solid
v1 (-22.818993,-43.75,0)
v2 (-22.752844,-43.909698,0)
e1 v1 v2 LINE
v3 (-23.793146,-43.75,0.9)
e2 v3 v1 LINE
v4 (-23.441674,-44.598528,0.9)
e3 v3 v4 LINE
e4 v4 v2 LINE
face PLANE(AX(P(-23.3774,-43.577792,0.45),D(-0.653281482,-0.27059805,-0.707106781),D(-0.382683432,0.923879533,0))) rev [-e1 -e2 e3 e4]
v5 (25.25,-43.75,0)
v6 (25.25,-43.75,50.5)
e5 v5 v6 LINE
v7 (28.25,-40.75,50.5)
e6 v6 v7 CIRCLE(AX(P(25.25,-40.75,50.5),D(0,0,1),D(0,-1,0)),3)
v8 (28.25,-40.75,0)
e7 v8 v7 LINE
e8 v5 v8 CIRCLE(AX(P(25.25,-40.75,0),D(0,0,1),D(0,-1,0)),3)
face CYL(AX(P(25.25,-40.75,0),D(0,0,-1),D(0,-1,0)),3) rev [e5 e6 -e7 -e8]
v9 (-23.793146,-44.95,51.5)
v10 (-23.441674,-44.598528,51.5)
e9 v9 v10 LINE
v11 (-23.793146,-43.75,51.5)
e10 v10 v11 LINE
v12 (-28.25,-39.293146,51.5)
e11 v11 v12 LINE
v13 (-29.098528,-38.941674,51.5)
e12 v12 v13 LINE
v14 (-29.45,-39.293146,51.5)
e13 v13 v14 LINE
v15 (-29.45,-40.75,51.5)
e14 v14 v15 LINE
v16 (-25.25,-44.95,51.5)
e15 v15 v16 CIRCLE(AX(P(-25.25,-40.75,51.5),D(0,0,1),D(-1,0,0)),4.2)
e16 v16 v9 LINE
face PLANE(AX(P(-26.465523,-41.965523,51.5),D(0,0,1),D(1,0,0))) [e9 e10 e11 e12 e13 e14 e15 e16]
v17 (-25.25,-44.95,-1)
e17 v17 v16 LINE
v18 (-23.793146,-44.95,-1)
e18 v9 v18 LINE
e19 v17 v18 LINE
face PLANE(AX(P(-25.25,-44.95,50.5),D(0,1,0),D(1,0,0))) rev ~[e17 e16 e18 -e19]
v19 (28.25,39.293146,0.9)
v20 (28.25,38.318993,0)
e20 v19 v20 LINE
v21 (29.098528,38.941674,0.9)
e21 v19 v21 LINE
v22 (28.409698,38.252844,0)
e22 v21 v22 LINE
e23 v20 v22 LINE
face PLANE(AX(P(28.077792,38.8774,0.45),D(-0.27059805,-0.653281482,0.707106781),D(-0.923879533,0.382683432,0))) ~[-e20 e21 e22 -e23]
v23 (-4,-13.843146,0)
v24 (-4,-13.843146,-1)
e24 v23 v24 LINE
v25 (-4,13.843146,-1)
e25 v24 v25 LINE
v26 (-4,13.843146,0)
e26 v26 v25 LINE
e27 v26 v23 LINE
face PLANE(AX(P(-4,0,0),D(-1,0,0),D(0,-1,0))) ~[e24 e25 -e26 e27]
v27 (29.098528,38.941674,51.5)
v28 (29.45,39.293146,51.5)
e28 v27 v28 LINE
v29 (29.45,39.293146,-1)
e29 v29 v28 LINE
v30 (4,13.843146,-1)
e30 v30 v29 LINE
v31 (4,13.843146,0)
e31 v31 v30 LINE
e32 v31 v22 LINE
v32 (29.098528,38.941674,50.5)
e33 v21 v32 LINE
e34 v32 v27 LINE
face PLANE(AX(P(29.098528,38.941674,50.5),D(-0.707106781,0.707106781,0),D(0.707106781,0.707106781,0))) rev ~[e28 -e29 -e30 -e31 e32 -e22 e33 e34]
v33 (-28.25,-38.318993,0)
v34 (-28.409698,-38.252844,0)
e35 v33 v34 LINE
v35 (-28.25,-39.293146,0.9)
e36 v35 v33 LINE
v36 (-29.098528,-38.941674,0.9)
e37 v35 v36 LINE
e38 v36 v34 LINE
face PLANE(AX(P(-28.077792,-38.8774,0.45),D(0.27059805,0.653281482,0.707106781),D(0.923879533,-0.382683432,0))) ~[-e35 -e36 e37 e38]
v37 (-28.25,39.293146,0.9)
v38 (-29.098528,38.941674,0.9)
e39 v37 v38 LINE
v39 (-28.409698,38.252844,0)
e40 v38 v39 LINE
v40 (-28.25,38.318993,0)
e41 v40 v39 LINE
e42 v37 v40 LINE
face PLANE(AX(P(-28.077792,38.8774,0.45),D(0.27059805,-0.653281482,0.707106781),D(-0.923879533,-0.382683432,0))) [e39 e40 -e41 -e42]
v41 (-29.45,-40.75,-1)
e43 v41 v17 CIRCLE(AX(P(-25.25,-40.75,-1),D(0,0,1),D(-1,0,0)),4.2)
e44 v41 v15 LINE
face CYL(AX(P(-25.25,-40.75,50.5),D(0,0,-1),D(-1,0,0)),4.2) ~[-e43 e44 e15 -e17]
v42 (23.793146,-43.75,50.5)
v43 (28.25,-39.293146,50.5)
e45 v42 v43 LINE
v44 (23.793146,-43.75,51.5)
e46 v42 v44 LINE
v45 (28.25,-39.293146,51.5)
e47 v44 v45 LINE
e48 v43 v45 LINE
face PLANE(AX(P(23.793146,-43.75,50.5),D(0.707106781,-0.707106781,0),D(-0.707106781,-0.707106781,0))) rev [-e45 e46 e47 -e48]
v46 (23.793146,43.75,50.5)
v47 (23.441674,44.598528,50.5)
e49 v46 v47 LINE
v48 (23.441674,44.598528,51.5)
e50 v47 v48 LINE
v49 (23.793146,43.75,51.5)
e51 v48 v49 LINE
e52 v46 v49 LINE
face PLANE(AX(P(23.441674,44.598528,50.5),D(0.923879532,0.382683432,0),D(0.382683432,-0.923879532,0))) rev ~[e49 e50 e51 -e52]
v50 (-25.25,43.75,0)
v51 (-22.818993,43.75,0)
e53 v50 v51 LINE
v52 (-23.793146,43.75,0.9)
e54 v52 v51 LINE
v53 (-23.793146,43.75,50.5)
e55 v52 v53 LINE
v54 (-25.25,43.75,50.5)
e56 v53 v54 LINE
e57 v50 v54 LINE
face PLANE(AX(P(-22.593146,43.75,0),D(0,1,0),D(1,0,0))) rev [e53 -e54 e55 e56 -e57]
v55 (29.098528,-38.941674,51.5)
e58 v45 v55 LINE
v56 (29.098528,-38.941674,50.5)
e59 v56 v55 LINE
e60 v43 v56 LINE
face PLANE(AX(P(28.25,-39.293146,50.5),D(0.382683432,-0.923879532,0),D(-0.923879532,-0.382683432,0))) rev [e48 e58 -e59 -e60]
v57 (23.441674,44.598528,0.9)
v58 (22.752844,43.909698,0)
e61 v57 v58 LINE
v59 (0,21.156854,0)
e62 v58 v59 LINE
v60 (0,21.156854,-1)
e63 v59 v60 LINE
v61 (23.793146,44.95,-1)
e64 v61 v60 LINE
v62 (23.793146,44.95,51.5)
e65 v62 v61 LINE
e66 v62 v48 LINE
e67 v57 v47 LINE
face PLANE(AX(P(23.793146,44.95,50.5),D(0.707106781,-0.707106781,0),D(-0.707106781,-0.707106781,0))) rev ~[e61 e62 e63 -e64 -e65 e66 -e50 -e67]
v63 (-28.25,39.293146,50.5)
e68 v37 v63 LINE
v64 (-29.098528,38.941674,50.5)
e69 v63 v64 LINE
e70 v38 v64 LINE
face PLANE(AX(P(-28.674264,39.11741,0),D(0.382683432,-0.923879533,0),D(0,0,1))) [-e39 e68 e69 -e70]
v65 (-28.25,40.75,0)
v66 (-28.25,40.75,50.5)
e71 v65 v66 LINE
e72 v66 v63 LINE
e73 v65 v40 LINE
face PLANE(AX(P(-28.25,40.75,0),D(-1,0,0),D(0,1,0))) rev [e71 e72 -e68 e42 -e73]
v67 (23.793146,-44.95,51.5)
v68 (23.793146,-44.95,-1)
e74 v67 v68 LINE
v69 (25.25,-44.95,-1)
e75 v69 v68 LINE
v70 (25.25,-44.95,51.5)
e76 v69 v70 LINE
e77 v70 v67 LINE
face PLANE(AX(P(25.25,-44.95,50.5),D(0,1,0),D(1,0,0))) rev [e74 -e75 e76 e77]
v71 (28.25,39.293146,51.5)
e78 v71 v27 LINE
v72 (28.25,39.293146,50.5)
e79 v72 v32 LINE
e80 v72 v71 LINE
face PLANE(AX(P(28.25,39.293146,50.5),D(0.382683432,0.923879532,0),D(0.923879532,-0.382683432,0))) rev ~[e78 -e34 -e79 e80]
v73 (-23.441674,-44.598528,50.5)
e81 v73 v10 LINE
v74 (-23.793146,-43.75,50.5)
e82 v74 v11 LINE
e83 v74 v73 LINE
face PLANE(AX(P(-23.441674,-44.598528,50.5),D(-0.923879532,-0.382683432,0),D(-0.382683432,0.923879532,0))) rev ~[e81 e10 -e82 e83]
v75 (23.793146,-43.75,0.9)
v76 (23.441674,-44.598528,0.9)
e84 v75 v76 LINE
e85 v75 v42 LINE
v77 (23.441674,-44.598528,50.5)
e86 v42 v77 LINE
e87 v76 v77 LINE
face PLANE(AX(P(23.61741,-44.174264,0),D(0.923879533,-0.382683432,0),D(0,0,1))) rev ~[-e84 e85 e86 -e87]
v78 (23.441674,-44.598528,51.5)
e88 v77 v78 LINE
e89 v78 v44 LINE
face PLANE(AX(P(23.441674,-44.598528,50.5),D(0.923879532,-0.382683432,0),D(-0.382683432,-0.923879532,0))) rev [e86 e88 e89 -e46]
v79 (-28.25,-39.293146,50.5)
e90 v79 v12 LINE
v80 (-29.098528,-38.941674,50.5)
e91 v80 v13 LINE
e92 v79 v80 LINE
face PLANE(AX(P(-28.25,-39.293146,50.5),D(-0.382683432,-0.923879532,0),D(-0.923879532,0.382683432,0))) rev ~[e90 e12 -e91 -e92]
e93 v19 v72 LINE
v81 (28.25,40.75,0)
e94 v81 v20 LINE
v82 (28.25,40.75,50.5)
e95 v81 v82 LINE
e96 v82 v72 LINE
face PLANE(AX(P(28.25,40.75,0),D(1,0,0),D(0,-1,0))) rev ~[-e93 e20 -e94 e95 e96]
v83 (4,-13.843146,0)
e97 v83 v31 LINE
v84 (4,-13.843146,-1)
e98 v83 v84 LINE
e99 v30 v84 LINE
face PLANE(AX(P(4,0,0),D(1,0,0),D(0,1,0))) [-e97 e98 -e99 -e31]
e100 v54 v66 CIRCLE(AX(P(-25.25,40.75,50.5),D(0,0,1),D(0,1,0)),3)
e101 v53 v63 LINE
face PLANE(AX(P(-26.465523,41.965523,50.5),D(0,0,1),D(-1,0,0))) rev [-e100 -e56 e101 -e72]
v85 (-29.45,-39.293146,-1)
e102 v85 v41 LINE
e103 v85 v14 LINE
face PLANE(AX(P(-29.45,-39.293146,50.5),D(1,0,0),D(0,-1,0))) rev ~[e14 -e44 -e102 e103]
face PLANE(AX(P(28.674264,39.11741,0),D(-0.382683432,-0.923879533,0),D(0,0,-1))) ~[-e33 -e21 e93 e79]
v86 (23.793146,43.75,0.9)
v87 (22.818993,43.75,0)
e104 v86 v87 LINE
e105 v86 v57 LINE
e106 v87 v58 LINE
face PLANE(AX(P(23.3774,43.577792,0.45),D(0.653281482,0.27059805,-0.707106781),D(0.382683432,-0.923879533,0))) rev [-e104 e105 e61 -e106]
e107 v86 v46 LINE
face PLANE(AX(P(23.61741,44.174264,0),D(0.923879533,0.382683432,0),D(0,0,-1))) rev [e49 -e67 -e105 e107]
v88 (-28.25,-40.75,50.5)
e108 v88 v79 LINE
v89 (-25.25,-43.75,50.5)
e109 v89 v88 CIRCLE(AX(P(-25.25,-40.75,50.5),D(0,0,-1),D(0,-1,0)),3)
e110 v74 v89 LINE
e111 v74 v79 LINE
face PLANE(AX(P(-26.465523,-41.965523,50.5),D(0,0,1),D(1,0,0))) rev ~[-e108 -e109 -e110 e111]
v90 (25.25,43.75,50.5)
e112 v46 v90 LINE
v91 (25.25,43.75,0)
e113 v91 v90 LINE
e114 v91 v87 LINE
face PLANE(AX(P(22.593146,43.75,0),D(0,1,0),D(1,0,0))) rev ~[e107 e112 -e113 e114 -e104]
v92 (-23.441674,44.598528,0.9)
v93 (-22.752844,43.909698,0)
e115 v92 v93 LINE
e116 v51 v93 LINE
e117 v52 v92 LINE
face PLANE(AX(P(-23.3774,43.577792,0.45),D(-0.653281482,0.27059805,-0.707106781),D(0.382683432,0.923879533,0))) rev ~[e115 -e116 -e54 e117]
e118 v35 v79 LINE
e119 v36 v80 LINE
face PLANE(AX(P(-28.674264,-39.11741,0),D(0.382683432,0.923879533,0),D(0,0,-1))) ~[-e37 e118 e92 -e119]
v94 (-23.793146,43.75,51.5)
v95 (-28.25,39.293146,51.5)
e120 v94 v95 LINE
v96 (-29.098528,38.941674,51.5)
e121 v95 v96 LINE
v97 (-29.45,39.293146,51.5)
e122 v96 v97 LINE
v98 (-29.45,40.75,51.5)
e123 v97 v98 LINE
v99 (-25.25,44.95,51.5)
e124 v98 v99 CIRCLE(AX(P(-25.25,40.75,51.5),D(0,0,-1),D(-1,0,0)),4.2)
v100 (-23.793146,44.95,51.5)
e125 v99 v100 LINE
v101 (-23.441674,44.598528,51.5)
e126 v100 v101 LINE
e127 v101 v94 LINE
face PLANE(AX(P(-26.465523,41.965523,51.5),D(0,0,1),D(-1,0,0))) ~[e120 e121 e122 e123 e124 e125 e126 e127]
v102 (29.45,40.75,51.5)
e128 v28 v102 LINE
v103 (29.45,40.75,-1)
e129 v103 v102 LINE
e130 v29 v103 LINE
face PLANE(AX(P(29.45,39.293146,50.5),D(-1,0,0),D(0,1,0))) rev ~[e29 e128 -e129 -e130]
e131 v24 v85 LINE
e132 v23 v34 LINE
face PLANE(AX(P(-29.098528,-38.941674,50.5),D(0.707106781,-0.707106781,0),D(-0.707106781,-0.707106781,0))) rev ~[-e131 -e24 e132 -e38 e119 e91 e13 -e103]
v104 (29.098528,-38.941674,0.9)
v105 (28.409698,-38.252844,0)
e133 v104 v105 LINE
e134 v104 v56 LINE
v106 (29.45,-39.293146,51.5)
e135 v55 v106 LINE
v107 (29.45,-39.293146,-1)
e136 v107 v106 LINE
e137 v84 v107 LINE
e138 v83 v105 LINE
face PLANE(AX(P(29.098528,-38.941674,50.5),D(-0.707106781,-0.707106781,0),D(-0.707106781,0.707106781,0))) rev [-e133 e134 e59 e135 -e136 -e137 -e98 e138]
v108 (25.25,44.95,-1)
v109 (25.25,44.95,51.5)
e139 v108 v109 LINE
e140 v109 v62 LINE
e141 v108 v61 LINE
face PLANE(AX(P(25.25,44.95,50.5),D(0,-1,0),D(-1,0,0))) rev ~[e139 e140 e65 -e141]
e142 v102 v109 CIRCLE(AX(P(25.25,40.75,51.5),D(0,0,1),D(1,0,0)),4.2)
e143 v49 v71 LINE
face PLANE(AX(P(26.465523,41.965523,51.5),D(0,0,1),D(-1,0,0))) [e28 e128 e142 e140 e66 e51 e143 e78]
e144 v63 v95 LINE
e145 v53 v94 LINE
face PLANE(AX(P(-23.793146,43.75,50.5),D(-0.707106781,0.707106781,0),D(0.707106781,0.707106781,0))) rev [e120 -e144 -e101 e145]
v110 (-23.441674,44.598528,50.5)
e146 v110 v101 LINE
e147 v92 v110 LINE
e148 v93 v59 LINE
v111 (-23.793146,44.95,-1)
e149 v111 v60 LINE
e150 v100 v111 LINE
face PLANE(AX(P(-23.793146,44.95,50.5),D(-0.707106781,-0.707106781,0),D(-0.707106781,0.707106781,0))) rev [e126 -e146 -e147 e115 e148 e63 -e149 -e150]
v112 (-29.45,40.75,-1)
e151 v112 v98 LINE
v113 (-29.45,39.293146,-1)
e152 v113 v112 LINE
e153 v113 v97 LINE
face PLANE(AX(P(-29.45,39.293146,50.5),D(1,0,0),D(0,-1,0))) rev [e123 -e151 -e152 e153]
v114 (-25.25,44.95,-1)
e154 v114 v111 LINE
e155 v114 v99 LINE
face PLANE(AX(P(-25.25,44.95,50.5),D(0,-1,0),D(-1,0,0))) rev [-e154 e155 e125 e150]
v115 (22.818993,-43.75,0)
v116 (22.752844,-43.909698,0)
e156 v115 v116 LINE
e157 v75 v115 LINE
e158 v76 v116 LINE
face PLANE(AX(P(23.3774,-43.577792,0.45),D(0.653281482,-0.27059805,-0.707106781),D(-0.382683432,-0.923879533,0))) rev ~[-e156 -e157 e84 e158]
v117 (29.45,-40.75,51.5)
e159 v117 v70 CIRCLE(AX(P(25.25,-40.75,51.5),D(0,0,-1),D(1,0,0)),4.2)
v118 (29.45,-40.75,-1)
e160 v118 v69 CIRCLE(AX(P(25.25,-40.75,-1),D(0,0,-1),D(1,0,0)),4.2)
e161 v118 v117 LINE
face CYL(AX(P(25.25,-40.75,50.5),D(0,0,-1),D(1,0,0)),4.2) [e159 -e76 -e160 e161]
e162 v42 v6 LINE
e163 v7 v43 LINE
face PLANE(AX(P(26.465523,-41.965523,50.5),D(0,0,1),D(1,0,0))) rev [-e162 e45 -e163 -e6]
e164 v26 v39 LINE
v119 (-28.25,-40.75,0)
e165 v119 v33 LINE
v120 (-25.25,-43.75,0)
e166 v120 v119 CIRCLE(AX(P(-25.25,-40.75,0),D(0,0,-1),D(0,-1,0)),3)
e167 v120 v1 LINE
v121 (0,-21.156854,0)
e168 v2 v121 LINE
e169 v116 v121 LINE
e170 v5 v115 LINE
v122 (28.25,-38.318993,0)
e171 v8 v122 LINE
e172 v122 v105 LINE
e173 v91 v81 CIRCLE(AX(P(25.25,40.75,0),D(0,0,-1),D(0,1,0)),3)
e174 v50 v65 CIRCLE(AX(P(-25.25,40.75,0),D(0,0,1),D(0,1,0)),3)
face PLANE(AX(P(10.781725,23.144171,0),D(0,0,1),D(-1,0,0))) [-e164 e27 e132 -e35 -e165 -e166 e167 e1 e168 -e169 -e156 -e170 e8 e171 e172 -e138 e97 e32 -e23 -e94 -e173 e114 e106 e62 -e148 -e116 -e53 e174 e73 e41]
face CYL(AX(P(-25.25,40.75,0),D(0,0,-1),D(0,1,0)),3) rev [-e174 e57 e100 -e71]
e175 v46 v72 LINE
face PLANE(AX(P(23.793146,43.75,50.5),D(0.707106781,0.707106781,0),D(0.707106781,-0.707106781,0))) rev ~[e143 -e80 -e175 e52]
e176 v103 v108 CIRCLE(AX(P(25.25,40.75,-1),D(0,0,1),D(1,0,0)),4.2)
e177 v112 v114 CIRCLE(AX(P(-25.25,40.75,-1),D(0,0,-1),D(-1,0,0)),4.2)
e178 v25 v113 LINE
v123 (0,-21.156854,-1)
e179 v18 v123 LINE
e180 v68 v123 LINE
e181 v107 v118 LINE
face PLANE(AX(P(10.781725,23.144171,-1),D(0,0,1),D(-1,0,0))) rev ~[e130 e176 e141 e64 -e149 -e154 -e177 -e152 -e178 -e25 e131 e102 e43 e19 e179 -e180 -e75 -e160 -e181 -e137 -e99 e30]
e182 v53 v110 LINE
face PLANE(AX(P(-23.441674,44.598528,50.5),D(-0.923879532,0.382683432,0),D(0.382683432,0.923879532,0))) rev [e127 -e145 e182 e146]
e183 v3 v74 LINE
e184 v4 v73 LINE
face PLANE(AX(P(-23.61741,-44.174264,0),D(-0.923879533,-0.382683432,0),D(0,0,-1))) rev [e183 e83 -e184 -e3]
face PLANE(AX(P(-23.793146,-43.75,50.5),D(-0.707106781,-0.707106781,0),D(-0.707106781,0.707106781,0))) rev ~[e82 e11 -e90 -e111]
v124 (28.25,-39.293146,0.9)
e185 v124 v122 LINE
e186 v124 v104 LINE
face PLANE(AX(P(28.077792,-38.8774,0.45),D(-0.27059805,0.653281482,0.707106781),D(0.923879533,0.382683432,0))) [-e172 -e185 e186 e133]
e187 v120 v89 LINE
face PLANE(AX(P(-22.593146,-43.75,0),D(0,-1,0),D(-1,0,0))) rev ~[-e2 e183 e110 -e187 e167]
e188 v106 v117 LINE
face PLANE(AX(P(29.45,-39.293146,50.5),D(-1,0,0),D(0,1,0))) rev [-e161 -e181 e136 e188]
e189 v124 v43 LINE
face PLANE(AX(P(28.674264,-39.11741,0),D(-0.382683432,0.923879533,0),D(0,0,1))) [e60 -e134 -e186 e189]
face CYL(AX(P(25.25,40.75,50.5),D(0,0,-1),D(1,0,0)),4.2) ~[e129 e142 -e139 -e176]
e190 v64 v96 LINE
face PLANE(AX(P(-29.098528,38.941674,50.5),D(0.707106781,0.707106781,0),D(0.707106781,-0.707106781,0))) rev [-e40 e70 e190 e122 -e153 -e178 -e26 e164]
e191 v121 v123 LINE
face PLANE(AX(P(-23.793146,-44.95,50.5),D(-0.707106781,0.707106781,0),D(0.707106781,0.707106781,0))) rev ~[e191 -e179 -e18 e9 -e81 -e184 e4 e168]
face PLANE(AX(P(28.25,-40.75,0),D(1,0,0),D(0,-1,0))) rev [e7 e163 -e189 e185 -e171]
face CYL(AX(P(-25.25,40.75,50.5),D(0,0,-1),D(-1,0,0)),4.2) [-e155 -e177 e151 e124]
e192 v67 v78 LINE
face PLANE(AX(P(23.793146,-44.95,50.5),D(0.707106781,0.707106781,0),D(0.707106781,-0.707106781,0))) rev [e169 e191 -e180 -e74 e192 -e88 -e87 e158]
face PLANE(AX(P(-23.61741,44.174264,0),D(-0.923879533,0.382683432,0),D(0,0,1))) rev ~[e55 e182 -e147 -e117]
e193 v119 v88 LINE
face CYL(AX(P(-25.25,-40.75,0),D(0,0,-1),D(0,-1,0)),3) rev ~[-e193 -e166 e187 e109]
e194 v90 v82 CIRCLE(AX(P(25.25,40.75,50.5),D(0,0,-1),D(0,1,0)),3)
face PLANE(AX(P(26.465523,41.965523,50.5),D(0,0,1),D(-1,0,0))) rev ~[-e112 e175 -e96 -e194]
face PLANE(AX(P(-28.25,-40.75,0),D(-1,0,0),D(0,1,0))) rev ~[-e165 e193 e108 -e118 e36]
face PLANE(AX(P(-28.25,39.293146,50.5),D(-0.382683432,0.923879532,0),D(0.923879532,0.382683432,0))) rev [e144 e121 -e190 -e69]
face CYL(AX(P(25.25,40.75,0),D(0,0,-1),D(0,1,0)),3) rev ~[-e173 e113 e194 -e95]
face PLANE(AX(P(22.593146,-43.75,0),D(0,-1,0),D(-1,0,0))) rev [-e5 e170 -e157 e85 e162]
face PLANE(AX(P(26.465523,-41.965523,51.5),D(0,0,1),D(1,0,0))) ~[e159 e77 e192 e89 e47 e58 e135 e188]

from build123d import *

# Parameters (mm, degrees)
F2_DEPTH = 1
F3_DEPTH = 50.5
F4_SIZE  = 1.2
F5_SIZE  = 0.9
F7_DEPTH = 1


with BuildPart() as f2:
    # F1 (on Top) → F2 (new body)
    with BuildSketch(Plane.XY):
        with BuildLine():
            Line((0, 0), (-4, 0))
            Line((-4, 0), (-4, -13.8431457505))
            Line((-4, -13.8431457505), (-28.25, -38.0931457505))
            Line((-28.25, -38.0931457505), (-28.25, -40.75))
            ThreePointArc((-28.25, -40.75), (-27.3713203436, -42.8713203436), (-25.25, -43.75))
            Line((-25.25, -43.75), (-22.5931457505, -43.75))
            Line((-22.5931457505, -43.75), (0, -21.1568542495))
            Line((0, -21.1568542495), (0, 0))
        make_face()
        with BuildLine():
            Line((-28.25, -40.75), (-28.25, -38.0931457505))
            Line((-28.25, -38.0931457505), (-29.45, -39.2931457505))
            Line((-29.45, -39.2931457505), (-29.45, -40.75))
            ThreePointArc((-29.45, -40.75), (-28.219848481, -43.719848481), (-25.25, -44.95))
            Line((-25.25, -44.95), (-23.7931457505, -44.95))
            Line((-23.7931457505, -44.95), (-22.5931457505, -43.75))
            Line((-22.5931457505, -43.75), (-25.25, -43.75))
            ThreePointArc((-25.25, -43.75), (-27.3713203436, -42.8713203436), (-28.25, -40.75))
        make_face()
    extrude(amount=-F2_DEPTH)

    # F1 (on Top) → F3 (join)
    with BuildSketch(Plane.XY):
        with BuildLine():
            Line((-28.25, -40.75), (-28.25, -38.0931457505))
            Line((-28.25, -38.0931457505), (-29.45, -39.2931457505))
            Line((-29.45, -39.2931457505), (-29.45, -40.75))
            ThreePointArc((-29.45, -40.75), (-28.219848481, -43.719848481), (-25.25, -44.95))
            Line((-25.25, -44.95), (-23.7931457505, -44.95))
            Line((-23.7931457505, -44.95), (-22.5931457505, -43.75))
            Line((-22.5931457505, -43.75), (-25.25, -43.75))
            ThreePointArc((-25.25, -43.75), (-27.3713203436, -42.8713203436), (-28.25, -40.75))
        make_face()
    extrude(amount=F3_DEPTH)

    # F4
    f4_edges = [f2.edges().sort_by_distance(p)[0] for p in [
        (-28.25, -38.093146, 25.25),
        (-22.593146, -43.75, 25.25),
    ]]
    chamfer(f4_edges, length=F4_SIZE)

    # F5
    f5_edges = [f2.edges().sort_by_distance(p)[0] for p in [
        (-23.61741, -44.174264, 0),
        (-28.674264, -39.11741, 0),
    ]]
    chamfer(f5_edges, length=F5_SIZE)

    # F6 (on face) → F7 (join)
    with BuildSketch(Plane.XY.offset(50.5)):
        with BuildLine():
            Line((-25.25, -43.75), (-23.7931457505, -43.75))
            Line((-23.7931457505, -43.75), (-28.25, -39.2931457505))
            Line((-28.25, -39.2931457505), (-28.25, -40.75))
            ThreePointArc((-28.25, -40.75), (-27.3713203436, -42.8713203436), (-25.25, -43.75))
        make_face()
        with BuildLine():
            Line((-23.4416738879, -44.5985281374), (-23.7931457505, -43.75))
            Line((-23.7931457505, -43.75), (-25.25, -43.75))
            ThreePointArc((-25.25, -43.75), (-27.3713203436, -42.8713203436), (-28.25, -40.75))
            Line((-28.25, -40.75), (-28.25, -39.2931457505))
            Line((-28.25, -39.2931457505), (-29.0985281374, -38.9416738879))
            Line((-29.0985281374, -38.9416738879), (-29.45, -39.2931457505))
            Line((-29.45, -39.2931457505), (-29.45, -40.75))
            ThreePointArc((-29.45, -40.75), (-28.219848481, -43.719848481), (-25.25, -44.95))
            Line((-25.25, -44.95), (-23.7931457505, -44.95))
            Line((-23.7931457505, -44.95), (-23.4416738879, -44.5985281374))
        make_face()
    extrude(amount=F7_DEPTH)

    # F8: F2 across face


with BuildPart() as f2_1:
    add(f2.part)
    add(f2.part.mirror(Plane(origin=(0, -10.5784271247, -0.5), x_dir=(0, 1, 0), z_dir=(1, 0, 0))))

    # F9: F2 across face


with BuildPart() as f2_2:
    add(f2_1.part)
    add(f2_1.part.mirror(Plane(origin=(0, 0, -0.5), x_dir=(-1, 0, 0), z_dir=(0, 1, 0))))


solid = f2_2.part
